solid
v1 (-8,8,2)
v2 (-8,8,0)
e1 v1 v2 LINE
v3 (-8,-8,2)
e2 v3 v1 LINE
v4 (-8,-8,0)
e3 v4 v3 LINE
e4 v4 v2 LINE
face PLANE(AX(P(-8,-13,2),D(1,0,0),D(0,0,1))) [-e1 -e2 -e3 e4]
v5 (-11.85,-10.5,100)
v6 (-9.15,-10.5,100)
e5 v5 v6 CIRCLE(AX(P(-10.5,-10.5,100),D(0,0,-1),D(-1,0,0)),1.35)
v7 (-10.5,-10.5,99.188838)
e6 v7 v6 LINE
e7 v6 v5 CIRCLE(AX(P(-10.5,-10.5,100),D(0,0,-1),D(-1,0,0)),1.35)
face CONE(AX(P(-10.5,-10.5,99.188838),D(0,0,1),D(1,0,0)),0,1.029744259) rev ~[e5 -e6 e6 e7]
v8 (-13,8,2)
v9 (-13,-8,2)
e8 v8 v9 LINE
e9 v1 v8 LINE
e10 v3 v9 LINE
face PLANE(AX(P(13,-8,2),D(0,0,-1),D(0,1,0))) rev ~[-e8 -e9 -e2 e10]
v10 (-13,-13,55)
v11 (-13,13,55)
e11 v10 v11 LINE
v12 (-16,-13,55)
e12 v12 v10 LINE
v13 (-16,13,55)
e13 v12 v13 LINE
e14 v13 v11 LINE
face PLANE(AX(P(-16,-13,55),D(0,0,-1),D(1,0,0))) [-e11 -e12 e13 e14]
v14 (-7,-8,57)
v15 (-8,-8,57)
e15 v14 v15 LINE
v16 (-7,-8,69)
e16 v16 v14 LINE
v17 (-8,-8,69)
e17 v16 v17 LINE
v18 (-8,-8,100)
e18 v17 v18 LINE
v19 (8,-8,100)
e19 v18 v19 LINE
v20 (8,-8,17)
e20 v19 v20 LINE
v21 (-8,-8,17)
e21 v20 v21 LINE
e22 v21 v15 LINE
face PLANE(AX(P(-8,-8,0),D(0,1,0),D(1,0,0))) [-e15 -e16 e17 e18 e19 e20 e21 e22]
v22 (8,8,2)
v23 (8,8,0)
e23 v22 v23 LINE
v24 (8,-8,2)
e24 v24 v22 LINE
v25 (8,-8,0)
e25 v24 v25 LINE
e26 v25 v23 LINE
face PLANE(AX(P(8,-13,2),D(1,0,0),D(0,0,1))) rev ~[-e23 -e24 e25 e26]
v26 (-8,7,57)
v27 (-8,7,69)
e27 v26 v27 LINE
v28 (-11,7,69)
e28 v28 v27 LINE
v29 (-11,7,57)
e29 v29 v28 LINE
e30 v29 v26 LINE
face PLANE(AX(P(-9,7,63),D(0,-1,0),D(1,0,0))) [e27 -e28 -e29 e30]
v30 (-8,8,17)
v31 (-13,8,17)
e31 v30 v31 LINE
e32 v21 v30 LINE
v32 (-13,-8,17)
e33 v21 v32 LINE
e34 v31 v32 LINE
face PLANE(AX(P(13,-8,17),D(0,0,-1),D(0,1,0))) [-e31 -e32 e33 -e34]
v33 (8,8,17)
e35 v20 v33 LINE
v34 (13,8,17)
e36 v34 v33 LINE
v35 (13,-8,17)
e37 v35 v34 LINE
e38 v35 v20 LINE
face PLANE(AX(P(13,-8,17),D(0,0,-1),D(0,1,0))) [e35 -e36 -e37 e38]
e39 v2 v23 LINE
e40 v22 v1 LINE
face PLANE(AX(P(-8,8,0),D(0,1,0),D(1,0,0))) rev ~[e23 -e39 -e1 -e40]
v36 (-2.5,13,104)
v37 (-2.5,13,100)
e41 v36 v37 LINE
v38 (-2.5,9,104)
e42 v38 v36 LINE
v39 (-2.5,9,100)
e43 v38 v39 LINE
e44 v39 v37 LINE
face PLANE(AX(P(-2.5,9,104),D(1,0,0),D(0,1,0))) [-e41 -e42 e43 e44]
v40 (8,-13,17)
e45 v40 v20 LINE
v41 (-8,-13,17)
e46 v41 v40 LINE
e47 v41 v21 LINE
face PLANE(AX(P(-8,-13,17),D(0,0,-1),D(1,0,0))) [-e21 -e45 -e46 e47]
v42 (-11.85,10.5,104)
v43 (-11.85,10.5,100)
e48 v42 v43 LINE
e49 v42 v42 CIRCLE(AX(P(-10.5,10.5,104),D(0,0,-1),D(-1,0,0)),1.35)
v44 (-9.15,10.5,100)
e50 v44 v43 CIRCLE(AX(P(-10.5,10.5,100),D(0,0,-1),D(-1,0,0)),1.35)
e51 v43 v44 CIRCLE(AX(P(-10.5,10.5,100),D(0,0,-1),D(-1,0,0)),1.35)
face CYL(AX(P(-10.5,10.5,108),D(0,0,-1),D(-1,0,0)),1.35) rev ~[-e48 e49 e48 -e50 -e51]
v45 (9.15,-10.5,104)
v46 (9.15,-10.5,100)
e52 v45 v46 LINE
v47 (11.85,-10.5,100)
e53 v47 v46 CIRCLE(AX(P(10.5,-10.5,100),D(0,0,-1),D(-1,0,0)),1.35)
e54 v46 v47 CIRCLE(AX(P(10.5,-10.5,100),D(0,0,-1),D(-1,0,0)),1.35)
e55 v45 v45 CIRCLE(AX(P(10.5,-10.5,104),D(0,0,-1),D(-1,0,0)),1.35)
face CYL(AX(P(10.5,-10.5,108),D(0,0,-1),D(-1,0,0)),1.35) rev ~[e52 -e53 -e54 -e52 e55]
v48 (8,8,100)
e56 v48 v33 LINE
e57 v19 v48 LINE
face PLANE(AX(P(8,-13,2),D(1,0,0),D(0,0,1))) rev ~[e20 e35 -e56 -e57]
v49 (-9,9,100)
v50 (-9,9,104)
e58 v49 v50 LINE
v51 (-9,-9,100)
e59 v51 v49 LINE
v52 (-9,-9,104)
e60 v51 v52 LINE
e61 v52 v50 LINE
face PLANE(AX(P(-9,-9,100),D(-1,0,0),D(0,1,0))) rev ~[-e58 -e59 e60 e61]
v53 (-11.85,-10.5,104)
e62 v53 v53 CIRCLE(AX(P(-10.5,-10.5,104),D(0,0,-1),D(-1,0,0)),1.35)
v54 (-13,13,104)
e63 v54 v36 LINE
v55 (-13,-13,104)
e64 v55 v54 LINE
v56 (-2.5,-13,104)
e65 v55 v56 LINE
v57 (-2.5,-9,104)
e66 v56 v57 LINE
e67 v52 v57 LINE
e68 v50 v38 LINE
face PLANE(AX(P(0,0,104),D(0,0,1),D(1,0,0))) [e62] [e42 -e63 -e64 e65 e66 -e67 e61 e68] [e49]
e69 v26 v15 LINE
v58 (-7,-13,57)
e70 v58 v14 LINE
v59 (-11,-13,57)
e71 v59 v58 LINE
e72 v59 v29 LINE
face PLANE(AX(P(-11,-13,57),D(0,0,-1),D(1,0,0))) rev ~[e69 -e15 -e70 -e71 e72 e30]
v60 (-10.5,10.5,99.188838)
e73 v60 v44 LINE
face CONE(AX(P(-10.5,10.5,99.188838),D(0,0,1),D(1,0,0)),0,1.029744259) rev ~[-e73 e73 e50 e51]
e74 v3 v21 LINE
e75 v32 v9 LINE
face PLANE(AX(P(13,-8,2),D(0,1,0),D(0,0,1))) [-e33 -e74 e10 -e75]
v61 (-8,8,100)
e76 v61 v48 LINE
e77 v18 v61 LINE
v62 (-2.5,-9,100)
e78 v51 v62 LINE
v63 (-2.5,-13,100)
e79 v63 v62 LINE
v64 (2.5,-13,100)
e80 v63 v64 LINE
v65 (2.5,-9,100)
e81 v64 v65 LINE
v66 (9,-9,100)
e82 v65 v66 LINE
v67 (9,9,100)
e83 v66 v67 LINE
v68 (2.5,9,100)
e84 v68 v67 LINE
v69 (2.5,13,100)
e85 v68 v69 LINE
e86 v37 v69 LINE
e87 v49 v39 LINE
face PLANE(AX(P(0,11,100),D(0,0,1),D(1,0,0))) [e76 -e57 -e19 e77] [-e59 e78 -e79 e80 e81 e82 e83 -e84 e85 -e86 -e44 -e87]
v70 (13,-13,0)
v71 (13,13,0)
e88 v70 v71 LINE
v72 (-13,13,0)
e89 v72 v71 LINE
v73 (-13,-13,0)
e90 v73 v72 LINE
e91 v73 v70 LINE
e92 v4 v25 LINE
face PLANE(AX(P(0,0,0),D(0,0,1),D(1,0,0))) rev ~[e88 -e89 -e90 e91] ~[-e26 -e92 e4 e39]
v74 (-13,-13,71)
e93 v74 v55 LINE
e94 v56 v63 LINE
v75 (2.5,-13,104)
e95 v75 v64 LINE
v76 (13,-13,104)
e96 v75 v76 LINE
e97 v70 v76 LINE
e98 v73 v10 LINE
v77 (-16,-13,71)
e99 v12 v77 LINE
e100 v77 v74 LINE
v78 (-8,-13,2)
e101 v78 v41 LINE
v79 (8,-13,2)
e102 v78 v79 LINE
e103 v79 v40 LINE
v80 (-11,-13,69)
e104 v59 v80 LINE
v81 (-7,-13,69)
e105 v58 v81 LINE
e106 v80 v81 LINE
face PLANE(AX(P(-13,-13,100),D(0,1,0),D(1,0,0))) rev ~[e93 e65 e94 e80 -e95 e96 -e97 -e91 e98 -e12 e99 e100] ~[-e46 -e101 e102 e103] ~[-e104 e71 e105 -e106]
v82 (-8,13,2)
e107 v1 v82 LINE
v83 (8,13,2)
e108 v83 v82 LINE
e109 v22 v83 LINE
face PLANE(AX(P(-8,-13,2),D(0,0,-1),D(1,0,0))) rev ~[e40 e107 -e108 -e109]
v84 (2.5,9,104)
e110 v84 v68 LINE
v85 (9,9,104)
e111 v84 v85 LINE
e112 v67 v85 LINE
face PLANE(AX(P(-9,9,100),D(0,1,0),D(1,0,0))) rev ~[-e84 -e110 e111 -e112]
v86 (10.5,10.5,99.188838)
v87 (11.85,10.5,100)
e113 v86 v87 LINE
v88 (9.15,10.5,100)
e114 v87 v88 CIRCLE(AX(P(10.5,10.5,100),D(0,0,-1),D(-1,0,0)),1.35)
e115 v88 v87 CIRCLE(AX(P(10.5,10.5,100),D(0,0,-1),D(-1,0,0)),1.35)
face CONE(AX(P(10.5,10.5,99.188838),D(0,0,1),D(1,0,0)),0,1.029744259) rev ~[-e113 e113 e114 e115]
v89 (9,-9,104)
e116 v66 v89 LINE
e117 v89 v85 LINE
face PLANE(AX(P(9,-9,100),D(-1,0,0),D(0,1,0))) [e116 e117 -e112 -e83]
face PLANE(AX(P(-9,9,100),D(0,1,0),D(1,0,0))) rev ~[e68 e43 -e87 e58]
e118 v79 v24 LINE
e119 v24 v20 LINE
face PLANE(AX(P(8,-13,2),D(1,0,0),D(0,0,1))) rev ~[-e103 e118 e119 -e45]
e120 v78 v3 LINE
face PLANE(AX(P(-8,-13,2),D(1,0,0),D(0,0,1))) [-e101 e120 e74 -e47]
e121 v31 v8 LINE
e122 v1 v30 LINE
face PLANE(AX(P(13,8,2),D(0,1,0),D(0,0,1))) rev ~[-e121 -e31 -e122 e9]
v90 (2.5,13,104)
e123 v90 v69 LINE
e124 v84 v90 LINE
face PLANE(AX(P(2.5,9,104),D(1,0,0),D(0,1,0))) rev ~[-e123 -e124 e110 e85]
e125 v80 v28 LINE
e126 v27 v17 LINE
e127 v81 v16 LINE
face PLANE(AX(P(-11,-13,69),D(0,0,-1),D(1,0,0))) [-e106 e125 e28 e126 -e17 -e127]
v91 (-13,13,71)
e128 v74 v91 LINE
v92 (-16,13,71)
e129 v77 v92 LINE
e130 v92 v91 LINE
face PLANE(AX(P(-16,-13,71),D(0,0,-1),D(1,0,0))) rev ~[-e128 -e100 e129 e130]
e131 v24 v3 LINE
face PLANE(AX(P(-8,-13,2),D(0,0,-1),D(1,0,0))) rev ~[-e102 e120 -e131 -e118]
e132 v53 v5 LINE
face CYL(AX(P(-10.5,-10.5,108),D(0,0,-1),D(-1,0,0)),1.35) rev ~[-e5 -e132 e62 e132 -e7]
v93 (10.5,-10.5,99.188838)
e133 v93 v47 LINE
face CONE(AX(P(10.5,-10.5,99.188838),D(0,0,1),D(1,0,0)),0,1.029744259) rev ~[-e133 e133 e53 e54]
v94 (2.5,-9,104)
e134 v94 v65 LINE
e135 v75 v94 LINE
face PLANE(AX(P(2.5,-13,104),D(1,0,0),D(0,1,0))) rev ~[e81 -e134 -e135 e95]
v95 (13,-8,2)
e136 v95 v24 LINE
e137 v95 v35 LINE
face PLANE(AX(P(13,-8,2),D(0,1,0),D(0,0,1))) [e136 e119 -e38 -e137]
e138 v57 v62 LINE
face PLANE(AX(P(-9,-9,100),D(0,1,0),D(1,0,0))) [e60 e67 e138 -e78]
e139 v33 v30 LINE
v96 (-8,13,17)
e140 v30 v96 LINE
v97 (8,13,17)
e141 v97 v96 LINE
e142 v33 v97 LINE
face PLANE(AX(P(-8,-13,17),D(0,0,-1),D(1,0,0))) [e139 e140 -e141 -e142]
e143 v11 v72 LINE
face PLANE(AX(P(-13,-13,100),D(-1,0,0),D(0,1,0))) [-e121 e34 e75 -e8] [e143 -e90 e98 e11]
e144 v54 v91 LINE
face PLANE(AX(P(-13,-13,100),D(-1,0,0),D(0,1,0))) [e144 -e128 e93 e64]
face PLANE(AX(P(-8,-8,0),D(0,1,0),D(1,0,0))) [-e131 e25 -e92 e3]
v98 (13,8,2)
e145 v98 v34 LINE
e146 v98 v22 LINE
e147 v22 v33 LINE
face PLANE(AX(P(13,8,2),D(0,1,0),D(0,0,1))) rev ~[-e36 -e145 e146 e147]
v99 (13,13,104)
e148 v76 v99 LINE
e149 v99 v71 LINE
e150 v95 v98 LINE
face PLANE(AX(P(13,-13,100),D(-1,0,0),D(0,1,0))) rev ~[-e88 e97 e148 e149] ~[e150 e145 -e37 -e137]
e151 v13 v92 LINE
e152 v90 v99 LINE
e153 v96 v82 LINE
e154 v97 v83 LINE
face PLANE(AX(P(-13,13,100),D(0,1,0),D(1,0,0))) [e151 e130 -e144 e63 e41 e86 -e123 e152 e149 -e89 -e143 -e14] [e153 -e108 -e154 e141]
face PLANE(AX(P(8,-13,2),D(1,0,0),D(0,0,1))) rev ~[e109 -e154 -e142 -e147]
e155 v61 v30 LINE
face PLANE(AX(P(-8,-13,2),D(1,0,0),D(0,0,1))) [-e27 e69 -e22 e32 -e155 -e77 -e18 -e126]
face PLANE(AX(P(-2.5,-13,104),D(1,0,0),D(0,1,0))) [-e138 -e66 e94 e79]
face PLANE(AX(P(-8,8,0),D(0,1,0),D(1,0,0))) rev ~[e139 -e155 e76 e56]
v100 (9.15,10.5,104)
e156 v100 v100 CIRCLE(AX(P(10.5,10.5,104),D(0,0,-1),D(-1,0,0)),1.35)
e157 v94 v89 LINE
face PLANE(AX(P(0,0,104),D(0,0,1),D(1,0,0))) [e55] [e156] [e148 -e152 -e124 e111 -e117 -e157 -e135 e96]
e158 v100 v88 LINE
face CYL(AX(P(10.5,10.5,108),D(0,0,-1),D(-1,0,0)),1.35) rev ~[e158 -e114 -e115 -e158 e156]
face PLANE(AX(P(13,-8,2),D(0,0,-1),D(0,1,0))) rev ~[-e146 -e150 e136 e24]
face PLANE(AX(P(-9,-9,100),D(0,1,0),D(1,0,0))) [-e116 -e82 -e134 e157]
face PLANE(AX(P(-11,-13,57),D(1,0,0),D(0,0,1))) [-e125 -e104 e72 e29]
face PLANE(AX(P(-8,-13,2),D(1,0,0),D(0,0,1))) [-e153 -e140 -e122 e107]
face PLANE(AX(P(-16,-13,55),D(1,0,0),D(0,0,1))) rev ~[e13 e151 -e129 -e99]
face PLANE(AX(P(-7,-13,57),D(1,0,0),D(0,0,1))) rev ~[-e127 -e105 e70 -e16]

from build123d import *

# Parameters (mm, degrees)
F0_W      = 26
F0_H      = 26
F0_W_2    = 16
F0_H_2    = 16
F1_DEPTH  = 2
F2_DEPTH  = 100
F3_W      = 26
F3_H      = 26
F3_W_2    = 18
F3_H_2    = 18
F4_DEPTH  = 4
F5_W      = 5
F5_H      = 4
F6_DEPTH  = 4
F7_D      = 2.7
F7_DEPTH  = 4
F7_TIP    = 0.8111618357
F9_DEPTH  = 25
F10_W     = 3
F10_H     = 16
F11_DEPTH = 26
F12_W     = 4
F12_H     = 12
F13_DEPTH = 20
F14_W     = 16
F14_H     = 15
F15_DEPTH = 40
F16_W     = 16
F16_H     = 15
F17_DEPTH = 40


with BuildPart() as f1:
    # F0 (on Top) → F1 (new body)
    with BuildSketch(Plane.XY):
        Rectangle(F0_W, F0_H)
        Rectangle(F0_W_2, F0_H_2, mode=Mode.SUBTRACT)
        Rectangle(F0_W_2, F0_H_2)
    extrude(amount=F1_DEPTH)

    # F0 (on Top) → F2 (join)
    with BuildSketch(Plane.XY):
        Rectangle(F0_W, F0_H)
        Rectangle(F0_W_2, F0_H_2, mode=Mode.SUBTRACT)
    extrude(amount=F2_DEPTH)

    # F3 (on face) → F4 (join)
    with BuildSketch(Plane.XY.offset(100)):
        Rectangle(F3_W, F3_H)
        Rectangle(F3_W_2, F3_H_2, mode=Mode.SUBTRACT)
    extrude(amount=F4_DEPTH)

    # F5 (on face) → F6 (cut, through all)
    with BuildSketch(Plane.XY.offset(104)):
        with Locations((0, -11)):
            Rectangle(F5_W, F5_H)
        with Locations((0, 11)):
            Rectangle(F5_W, F5_H)
    extrude(amount=-F6_DEPTH, mode=Mode.SUBTRACT)

    # F7
    with Locations(Plane.XY.offset(104)):
        with Locations((-10.5, 10.5), (10.5, 10.5), (-10.5, -10.5), (10.5, -10.5)):
            Hole(F7_D / 2, depth=F7_DEPTH)
            with Locations((0, 0, -(F7_DEPTH + F7_TIP / 2))):  # 118° drill point
                Cone(0, F7_D / 2, F7_TIP, mode=Mode.SUBTRACT)

    # F0 (on Top) → F9 (cut)
    with BuildSketch(Plane.XY):
        Rectangle(F0_W_2, F0_H_2)
    extrude(amount=F9_DEPTH, mode=Mode.SUBTRACT)

    # F10 (on face) → F11 (join)
    with BuildSketch(Plane.XZ.offset(13)):
        with Locations((-14.5, 63)):
            Rectangle(F10_W, F10_H)
    extrude(amount=-F11_DEPTH)

    # F12 (on face) → F13 (cut)
    with BuildSketch(Plane.XZ.offset(13)):
        with Locations((-9, 63)):
            Rectangle(F12_W, F12_H)
    extrude(amount=-F13_DEPTH, mode=Mode.SUBTRACT)

    # F14 (on face) → F15 (cut)
    with BuildSketch(Plane.XZ.offset(13)):
        with Locations((0, 9.5)):
            Rectangle(F14_W, F14_H)
    extrude(amount=-F15_DEPTH, mode=Mode.SUBTRACT)

    # F16 (on face) → F17 (cut)
    with BuildSketch(Plane.YZ.offset(13)):
        with Locations((0, 9.5)):
            Rectangle(F16_W, F16_H)
    extrude(amount=-F17_DEPTH, mode=Mode.SUBTRACT)


solid = f1.part
